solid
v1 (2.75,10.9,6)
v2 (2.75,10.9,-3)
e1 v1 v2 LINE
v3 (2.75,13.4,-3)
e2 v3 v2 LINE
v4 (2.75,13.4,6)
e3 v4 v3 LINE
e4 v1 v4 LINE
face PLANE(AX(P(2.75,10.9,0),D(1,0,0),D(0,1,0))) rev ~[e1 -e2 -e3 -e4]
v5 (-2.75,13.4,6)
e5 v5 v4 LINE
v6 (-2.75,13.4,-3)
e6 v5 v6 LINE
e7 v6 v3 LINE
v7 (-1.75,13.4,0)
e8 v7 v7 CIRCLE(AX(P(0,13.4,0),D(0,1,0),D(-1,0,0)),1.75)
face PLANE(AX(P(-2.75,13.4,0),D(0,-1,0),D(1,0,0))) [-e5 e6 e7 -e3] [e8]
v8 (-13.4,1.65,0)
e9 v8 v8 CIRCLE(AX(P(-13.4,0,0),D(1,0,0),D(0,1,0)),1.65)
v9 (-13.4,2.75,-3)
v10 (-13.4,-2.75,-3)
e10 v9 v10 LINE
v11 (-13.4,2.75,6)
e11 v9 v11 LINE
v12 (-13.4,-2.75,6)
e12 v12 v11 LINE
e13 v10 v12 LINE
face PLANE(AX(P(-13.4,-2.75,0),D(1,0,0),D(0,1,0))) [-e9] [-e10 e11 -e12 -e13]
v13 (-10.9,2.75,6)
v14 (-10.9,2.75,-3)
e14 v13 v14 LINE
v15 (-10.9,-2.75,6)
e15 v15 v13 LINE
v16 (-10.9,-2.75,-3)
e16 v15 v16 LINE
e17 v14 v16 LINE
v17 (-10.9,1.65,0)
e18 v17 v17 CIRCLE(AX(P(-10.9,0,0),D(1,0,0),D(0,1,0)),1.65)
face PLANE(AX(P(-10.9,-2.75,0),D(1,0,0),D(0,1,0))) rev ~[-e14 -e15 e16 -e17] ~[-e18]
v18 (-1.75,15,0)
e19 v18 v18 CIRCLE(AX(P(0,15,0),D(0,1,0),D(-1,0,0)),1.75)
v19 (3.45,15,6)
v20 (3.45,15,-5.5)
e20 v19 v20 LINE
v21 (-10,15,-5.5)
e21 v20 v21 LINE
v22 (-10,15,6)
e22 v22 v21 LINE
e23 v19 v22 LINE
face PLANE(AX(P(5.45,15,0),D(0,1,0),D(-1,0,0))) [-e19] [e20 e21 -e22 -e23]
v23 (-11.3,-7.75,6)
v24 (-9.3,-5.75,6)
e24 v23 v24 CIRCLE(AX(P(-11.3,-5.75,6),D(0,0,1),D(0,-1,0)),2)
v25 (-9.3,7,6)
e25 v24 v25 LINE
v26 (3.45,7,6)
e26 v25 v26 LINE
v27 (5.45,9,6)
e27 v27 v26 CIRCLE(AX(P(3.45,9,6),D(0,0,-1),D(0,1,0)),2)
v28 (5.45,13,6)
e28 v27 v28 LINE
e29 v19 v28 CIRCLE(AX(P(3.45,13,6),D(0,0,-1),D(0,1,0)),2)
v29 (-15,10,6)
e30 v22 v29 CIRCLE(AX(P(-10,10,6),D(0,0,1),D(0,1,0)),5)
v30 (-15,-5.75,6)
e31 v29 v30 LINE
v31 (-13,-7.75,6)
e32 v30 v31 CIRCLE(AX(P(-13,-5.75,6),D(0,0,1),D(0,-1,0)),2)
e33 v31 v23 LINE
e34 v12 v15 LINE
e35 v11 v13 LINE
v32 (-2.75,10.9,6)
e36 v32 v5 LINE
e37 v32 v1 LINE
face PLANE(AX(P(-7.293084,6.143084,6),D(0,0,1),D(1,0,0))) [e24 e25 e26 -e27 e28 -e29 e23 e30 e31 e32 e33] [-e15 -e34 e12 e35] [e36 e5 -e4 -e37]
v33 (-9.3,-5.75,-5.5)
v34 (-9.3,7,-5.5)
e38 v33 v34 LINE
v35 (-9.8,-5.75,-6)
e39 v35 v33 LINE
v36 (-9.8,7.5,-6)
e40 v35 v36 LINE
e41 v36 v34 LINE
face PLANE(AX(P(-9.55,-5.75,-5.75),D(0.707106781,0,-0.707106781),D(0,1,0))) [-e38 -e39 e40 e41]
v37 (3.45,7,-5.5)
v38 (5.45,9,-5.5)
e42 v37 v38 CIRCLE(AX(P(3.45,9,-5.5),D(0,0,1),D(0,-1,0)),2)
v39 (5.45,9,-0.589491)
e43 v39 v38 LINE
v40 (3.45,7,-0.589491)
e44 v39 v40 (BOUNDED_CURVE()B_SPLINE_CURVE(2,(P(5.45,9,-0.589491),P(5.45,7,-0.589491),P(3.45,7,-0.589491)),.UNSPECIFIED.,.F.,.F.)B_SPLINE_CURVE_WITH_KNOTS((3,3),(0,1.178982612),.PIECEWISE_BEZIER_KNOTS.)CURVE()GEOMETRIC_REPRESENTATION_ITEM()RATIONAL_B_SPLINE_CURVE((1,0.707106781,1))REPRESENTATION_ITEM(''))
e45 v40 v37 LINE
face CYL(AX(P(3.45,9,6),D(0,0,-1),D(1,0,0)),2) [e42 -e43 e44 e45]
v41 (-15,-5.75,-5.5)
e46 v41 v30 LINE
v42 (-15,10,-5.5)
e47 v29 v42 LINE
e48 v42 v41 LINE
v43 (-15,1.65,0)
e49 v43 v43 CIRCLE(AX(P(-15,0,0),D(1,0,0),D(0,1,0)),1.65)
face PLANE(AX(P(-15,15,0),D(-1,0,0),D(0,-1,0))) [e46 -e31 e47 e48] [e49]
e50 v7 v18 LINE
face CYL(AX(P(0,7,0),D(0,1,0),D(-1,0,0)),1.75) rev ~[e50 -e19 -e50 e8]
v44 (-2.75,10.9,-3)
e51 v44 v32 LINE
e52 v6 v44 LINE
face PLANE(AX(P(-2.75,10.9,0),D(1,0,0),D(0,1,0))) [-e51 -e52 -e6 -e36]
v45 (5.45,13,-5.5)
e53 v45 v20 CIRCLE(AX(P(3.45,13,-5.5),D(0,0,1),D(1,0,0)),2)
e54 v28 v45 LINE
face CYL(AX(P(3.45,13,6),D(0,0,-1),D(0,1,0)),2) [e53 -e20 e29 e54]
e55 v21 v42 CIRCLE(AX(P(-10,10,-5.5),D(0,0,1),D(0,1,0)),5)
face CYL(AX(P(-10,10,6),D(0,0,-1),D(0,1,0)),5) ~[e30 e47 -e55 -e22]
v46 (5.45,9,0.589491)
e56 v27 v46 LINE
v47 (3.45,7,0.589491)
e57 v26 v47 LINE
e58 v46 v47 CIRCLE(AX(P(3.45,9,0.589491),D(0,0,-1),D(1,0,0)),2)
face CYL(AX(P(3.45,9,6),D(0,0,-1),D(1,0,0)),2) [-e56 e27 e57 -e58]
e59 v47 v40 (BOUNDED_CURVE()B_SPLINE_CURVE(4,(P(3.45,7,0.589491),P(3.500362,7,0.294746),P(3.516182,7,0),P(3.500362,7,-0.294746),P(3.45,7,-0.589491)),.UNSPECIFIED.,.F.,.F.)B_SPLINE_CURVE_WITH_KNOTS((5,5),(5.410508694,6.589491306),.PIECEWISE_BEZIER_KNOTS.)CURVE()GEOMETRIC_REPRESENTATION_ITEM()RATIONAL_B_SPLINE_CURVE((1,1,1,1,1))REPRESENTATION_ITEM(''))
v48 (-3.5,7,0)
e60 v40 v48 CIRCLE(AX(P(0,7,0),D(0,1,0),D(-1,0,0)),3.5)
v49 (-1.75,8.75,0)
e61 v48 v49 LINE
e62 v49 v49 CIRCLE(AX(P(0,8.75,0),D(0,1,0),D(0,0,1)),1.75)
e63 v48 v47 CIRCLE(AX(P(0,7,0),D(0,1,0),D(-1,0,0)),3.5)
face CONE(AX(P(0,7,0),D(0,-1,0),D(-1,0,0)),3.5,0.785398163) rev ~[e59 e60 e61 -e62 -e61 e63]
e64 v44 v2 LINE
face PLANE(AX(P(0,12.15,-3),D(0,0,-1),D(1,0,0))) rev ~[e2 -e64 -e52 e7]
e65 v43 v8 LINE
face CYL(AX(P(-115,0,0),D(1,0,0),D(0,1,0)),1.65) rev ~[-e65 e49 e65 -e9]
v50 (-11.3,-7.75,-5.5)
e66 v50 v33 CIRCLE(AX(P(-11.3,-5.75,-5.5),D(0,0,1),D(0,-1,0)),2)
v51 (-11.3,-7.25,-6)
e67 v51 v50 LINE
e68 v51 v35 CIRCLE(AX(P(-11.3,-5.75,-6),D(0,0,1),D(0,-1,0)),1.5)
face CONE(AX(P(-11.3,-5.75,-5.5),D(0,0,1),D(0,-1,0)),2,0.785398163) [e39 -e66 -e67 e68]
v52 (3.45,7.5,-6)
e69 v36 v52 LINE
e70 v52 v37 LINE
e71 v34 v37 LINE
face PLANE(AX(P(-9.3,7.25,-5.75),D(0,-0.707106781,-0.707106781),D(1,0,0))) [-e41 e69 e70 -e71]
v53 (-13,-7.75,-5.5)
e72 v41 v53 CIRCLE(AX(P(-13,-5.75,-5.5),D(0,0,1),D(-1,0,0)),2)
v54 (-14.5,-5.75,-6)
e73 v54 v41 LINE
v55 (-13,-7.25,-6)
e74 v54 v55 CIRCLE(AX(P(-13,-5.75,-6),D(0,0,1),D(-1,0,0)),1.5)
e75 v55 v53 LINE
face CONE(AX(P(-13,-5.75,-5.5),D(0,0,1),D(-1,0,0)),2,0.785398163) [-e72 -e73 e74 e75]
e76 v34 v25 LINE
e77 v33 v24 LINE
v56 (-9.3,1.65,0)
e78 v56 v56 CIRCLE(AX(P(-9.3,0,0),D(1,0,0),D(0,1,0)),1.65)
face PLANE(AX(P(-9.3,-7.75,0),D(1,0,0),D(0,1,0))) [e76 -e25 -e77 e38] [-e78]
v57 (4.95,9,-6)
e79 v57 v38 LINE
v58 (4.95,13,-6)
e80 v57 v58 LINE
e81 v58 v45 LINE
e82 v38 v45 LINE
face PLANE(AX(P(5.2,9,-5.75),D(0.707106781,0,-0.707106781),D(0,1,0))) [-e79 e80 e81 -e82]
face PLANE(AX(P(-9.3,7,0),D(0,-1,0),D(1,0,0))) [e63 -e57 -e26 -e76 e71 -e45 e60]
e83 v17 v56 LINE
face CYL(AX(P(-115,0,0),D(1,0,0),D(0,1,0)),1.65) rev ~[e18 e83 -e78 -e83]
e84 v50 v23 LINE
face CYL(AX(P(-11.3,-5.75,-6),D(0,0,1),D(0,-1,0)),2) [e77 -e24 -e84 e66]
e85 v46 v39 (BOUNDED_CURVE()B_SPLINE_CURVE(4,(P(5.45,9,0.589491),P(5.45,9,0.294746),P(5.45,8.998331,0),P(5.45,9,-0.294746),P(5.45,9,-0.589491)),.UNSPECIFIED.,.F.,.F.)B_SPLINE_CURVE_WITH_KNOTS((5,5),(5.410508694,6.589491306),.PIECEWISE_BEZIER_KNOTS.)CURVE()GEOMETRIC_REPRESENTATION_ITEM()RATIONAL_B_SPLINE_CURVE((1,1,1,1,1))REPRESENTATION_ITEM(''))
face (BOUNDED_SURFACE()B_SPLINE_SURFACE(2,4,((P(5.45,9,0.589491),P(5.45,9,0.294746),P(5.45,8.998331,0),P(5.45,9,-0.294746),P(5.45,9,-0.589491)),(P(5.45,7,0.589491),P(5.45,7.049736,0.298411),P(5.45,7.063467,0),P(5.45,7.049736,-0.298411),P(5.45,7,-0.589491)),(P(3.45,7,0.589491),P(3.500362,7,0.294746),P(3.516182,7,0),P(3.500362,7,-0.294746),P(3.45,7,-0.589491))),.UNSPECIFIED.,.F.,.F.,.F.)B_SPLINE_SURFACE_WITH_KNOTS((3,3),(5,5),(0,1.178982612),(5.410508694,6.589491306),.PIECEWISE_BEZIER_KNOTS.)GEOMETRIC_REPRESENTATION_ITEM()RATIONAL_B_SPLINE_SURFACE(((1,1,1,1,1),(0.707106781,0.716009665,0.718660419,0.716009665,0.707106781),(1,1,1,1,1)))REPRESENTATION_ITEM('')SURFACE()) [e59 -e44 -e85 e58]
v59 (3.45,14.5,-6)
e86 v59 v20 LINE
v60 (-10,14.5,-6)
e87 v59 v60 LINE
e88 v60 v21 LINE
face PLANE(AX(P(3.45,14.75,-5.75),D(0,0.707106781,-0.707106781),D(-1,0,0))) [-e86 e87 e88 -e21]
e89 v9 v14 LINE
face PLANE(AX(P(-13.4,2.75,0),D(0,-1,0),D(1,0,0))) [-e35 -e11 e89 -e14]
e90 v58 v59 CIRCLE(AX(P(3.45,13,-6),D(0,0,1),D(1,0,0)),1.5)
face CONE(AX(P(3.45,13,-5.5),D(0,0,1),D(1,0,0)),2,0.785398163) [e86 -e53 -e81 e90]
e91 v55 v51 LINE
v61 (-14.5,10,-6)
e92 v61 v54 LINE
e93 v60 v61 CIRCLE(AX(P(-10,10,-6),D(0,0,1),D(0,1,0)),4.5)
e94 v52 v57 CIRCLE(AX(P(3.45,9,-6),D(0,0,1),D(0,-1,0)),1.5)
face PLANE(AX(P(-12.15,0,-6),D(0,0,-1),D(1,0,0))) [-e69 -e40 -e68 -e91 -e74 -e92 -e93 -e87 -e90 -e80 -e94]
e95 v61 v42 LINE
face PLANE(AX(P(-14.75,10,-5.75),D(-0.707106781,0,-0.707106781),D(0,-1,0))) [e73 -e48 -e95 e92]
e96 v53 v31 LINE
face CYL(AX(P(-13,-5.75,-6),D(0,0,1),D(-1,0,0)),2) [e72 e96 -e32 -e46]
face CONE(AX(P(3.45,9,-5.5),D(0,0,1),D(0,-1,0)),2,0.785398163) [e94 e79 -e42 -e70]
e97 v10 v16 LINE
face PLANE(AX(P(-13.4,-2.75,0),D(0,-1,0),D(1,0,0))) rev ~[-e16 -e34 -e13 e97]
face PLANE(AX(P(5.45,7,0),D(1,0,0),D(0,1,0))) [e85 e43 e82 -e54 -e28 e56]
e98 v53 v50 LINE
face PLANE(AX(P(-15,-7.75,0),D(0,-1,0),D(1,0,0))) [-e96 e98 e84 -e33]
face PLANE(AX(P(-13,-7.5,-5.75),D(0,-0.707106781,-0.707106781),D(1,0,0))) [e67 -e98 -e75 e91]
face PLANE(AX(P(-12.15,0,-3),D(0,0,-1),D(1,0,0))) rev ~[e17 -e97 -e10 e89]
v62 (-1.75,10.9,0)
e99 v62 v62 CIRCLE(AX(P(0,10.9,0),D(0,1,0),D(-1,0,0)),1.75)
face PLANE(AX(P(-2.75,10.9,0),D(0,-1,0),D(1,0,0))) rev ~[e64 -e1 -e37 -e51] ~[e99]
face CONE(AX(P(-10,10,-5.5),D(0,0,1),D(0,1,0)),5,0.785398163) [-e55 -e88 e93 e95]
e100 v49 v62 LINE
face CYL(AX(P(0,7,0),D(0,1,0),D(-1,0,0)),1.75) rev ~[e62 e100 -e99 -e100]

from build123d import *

# Parameters (mm, degrees)
F0_W           = 2.5
F0_H           = 5.5
F0_W_2         = 5.5
F0_H_2         = 2.5
F1_DEPTH       = 6
F1_DEPTH_BACK  = 6
F2_W           = 2.5
F2_H           = 5.5
F2_W_2         = 5.5
F2_H_2         = 2.5
F3_DEPTH       = 3
F6_D           = 3.3
F6_DEPTH       = 100
F6_TIP         = 0.9914200214
F7_D           = 3.5
F7_DEPTH       = 100
F7_CSINK_D     = 7
F7_CSINK_ANGLE = 90
F7_TIP         = 1.0515060833
F8_R           = 5
F9_R           = 2
F10_SIZE       = 0.5


with BuildPart() as f1:
    # F0 (on Top) → F1 (new body, two sides)
    with BuildSketch(Plane.XY) as f1_sk:
        Polygon((-15, 15), (-15, -7.75), (-9.3, -7.75), (-9.3, 7), (5.45, 7), (5.45, 15), align=None)
        with Locations((-12.15, 0)):
            Rectangle(F0_W, F0_H, mode=Mode.SUBTRACT)
        with Locations((0, 12.15)):
            Rectangle(F0_W_2, F0_H_2, mode=Mode.SUBTRACT)
    extrude(amount=F1_DEPTH)
    extrude(f1_sk.sketch, amount=-F1_DEPTH_BACK)

    # F2 (on face) → F3 (join)
    with BuildSketch(Plane(origin=(0, 0, -6), x_dir=(1, 0, 0), z_dir=(0, 0, -1))):
        with Locations((-12.15, 0)):
            Rectangle(F2_W, F2_H)
        with Locations((0, -12.15)):
            Rectangle(F2_W_2, F2_H_2)
    extrude(amount=-F3_DEPTH)

    # F6
    with Locations(Plane(origin=(-15, 0, 0), x_dir=(0, -1, 0), z_dir=(-1, 0, 0))):
        with Locations((0, 0)):
            Hole(F6_D / 2, depth=F6_DEPTH)
            with Locations((0, 0, -(F6_DEPTH + F6_TIP / 2))):  # 118° drill point
                Cone(0, F6_D / 2, F6_TIP, mode=Mode.SUBTRACT)

    # F7
    with Locations(Plane.XZ.offset(-7)):
        with Locations((0, 0)):
            CounterSinkHole(F7_D / 2, F7_CSINK_D / 2, depth=F7_DEPTH, counter_sink_angle=F7_CSINK_ANGLE)
            with Locations((0, 0, -(F7_DEPTH + F7_TIP / 2))):  # 118° drill point
                Cone(0, F7_D / 2, F7_TIP, mode=Mode.SUBTRACT)

    # F8
    f8_edges = [f1.edges().sort_by_distance(p)[0] for p in [
        (-15, 15, 0),
    ]]
    fillet(f8_edges, radius=F8_R)

    # F9
    f9_edges = [f1.edges().sort_by_distance(p)[0] for p in [
        (-15, -7.75, 0),
        (-9.3, -7.75, 0),
        (5.45, 7, 0),
        (5.45, 15, 0),
    ]]
    fillet(f9_edges, radius=F9_R)

    # F10
    f10_edges = [f1.edges().sort_by_distance(p)[0] for p in [
        (-3.275, 15, -6),
        (4.864214, 14.414214, -6),
        (-13.535534, 13.535534, -6),
        (5.45, 11, -6),
        (-15, 2.125, -6),
        (4.864214, 7.585786, -6),
        (-14.414214, -7.164214, -6),
        (-2.925, 7, -6),
        (-12.15, -7.75, -6),
        (-9.3, 0.625, -6),
        (-9.885786, -7.164214, -6),
    ]]
    chamfer(f10_edges, length=F10_SIZE)


solid = f1.part
